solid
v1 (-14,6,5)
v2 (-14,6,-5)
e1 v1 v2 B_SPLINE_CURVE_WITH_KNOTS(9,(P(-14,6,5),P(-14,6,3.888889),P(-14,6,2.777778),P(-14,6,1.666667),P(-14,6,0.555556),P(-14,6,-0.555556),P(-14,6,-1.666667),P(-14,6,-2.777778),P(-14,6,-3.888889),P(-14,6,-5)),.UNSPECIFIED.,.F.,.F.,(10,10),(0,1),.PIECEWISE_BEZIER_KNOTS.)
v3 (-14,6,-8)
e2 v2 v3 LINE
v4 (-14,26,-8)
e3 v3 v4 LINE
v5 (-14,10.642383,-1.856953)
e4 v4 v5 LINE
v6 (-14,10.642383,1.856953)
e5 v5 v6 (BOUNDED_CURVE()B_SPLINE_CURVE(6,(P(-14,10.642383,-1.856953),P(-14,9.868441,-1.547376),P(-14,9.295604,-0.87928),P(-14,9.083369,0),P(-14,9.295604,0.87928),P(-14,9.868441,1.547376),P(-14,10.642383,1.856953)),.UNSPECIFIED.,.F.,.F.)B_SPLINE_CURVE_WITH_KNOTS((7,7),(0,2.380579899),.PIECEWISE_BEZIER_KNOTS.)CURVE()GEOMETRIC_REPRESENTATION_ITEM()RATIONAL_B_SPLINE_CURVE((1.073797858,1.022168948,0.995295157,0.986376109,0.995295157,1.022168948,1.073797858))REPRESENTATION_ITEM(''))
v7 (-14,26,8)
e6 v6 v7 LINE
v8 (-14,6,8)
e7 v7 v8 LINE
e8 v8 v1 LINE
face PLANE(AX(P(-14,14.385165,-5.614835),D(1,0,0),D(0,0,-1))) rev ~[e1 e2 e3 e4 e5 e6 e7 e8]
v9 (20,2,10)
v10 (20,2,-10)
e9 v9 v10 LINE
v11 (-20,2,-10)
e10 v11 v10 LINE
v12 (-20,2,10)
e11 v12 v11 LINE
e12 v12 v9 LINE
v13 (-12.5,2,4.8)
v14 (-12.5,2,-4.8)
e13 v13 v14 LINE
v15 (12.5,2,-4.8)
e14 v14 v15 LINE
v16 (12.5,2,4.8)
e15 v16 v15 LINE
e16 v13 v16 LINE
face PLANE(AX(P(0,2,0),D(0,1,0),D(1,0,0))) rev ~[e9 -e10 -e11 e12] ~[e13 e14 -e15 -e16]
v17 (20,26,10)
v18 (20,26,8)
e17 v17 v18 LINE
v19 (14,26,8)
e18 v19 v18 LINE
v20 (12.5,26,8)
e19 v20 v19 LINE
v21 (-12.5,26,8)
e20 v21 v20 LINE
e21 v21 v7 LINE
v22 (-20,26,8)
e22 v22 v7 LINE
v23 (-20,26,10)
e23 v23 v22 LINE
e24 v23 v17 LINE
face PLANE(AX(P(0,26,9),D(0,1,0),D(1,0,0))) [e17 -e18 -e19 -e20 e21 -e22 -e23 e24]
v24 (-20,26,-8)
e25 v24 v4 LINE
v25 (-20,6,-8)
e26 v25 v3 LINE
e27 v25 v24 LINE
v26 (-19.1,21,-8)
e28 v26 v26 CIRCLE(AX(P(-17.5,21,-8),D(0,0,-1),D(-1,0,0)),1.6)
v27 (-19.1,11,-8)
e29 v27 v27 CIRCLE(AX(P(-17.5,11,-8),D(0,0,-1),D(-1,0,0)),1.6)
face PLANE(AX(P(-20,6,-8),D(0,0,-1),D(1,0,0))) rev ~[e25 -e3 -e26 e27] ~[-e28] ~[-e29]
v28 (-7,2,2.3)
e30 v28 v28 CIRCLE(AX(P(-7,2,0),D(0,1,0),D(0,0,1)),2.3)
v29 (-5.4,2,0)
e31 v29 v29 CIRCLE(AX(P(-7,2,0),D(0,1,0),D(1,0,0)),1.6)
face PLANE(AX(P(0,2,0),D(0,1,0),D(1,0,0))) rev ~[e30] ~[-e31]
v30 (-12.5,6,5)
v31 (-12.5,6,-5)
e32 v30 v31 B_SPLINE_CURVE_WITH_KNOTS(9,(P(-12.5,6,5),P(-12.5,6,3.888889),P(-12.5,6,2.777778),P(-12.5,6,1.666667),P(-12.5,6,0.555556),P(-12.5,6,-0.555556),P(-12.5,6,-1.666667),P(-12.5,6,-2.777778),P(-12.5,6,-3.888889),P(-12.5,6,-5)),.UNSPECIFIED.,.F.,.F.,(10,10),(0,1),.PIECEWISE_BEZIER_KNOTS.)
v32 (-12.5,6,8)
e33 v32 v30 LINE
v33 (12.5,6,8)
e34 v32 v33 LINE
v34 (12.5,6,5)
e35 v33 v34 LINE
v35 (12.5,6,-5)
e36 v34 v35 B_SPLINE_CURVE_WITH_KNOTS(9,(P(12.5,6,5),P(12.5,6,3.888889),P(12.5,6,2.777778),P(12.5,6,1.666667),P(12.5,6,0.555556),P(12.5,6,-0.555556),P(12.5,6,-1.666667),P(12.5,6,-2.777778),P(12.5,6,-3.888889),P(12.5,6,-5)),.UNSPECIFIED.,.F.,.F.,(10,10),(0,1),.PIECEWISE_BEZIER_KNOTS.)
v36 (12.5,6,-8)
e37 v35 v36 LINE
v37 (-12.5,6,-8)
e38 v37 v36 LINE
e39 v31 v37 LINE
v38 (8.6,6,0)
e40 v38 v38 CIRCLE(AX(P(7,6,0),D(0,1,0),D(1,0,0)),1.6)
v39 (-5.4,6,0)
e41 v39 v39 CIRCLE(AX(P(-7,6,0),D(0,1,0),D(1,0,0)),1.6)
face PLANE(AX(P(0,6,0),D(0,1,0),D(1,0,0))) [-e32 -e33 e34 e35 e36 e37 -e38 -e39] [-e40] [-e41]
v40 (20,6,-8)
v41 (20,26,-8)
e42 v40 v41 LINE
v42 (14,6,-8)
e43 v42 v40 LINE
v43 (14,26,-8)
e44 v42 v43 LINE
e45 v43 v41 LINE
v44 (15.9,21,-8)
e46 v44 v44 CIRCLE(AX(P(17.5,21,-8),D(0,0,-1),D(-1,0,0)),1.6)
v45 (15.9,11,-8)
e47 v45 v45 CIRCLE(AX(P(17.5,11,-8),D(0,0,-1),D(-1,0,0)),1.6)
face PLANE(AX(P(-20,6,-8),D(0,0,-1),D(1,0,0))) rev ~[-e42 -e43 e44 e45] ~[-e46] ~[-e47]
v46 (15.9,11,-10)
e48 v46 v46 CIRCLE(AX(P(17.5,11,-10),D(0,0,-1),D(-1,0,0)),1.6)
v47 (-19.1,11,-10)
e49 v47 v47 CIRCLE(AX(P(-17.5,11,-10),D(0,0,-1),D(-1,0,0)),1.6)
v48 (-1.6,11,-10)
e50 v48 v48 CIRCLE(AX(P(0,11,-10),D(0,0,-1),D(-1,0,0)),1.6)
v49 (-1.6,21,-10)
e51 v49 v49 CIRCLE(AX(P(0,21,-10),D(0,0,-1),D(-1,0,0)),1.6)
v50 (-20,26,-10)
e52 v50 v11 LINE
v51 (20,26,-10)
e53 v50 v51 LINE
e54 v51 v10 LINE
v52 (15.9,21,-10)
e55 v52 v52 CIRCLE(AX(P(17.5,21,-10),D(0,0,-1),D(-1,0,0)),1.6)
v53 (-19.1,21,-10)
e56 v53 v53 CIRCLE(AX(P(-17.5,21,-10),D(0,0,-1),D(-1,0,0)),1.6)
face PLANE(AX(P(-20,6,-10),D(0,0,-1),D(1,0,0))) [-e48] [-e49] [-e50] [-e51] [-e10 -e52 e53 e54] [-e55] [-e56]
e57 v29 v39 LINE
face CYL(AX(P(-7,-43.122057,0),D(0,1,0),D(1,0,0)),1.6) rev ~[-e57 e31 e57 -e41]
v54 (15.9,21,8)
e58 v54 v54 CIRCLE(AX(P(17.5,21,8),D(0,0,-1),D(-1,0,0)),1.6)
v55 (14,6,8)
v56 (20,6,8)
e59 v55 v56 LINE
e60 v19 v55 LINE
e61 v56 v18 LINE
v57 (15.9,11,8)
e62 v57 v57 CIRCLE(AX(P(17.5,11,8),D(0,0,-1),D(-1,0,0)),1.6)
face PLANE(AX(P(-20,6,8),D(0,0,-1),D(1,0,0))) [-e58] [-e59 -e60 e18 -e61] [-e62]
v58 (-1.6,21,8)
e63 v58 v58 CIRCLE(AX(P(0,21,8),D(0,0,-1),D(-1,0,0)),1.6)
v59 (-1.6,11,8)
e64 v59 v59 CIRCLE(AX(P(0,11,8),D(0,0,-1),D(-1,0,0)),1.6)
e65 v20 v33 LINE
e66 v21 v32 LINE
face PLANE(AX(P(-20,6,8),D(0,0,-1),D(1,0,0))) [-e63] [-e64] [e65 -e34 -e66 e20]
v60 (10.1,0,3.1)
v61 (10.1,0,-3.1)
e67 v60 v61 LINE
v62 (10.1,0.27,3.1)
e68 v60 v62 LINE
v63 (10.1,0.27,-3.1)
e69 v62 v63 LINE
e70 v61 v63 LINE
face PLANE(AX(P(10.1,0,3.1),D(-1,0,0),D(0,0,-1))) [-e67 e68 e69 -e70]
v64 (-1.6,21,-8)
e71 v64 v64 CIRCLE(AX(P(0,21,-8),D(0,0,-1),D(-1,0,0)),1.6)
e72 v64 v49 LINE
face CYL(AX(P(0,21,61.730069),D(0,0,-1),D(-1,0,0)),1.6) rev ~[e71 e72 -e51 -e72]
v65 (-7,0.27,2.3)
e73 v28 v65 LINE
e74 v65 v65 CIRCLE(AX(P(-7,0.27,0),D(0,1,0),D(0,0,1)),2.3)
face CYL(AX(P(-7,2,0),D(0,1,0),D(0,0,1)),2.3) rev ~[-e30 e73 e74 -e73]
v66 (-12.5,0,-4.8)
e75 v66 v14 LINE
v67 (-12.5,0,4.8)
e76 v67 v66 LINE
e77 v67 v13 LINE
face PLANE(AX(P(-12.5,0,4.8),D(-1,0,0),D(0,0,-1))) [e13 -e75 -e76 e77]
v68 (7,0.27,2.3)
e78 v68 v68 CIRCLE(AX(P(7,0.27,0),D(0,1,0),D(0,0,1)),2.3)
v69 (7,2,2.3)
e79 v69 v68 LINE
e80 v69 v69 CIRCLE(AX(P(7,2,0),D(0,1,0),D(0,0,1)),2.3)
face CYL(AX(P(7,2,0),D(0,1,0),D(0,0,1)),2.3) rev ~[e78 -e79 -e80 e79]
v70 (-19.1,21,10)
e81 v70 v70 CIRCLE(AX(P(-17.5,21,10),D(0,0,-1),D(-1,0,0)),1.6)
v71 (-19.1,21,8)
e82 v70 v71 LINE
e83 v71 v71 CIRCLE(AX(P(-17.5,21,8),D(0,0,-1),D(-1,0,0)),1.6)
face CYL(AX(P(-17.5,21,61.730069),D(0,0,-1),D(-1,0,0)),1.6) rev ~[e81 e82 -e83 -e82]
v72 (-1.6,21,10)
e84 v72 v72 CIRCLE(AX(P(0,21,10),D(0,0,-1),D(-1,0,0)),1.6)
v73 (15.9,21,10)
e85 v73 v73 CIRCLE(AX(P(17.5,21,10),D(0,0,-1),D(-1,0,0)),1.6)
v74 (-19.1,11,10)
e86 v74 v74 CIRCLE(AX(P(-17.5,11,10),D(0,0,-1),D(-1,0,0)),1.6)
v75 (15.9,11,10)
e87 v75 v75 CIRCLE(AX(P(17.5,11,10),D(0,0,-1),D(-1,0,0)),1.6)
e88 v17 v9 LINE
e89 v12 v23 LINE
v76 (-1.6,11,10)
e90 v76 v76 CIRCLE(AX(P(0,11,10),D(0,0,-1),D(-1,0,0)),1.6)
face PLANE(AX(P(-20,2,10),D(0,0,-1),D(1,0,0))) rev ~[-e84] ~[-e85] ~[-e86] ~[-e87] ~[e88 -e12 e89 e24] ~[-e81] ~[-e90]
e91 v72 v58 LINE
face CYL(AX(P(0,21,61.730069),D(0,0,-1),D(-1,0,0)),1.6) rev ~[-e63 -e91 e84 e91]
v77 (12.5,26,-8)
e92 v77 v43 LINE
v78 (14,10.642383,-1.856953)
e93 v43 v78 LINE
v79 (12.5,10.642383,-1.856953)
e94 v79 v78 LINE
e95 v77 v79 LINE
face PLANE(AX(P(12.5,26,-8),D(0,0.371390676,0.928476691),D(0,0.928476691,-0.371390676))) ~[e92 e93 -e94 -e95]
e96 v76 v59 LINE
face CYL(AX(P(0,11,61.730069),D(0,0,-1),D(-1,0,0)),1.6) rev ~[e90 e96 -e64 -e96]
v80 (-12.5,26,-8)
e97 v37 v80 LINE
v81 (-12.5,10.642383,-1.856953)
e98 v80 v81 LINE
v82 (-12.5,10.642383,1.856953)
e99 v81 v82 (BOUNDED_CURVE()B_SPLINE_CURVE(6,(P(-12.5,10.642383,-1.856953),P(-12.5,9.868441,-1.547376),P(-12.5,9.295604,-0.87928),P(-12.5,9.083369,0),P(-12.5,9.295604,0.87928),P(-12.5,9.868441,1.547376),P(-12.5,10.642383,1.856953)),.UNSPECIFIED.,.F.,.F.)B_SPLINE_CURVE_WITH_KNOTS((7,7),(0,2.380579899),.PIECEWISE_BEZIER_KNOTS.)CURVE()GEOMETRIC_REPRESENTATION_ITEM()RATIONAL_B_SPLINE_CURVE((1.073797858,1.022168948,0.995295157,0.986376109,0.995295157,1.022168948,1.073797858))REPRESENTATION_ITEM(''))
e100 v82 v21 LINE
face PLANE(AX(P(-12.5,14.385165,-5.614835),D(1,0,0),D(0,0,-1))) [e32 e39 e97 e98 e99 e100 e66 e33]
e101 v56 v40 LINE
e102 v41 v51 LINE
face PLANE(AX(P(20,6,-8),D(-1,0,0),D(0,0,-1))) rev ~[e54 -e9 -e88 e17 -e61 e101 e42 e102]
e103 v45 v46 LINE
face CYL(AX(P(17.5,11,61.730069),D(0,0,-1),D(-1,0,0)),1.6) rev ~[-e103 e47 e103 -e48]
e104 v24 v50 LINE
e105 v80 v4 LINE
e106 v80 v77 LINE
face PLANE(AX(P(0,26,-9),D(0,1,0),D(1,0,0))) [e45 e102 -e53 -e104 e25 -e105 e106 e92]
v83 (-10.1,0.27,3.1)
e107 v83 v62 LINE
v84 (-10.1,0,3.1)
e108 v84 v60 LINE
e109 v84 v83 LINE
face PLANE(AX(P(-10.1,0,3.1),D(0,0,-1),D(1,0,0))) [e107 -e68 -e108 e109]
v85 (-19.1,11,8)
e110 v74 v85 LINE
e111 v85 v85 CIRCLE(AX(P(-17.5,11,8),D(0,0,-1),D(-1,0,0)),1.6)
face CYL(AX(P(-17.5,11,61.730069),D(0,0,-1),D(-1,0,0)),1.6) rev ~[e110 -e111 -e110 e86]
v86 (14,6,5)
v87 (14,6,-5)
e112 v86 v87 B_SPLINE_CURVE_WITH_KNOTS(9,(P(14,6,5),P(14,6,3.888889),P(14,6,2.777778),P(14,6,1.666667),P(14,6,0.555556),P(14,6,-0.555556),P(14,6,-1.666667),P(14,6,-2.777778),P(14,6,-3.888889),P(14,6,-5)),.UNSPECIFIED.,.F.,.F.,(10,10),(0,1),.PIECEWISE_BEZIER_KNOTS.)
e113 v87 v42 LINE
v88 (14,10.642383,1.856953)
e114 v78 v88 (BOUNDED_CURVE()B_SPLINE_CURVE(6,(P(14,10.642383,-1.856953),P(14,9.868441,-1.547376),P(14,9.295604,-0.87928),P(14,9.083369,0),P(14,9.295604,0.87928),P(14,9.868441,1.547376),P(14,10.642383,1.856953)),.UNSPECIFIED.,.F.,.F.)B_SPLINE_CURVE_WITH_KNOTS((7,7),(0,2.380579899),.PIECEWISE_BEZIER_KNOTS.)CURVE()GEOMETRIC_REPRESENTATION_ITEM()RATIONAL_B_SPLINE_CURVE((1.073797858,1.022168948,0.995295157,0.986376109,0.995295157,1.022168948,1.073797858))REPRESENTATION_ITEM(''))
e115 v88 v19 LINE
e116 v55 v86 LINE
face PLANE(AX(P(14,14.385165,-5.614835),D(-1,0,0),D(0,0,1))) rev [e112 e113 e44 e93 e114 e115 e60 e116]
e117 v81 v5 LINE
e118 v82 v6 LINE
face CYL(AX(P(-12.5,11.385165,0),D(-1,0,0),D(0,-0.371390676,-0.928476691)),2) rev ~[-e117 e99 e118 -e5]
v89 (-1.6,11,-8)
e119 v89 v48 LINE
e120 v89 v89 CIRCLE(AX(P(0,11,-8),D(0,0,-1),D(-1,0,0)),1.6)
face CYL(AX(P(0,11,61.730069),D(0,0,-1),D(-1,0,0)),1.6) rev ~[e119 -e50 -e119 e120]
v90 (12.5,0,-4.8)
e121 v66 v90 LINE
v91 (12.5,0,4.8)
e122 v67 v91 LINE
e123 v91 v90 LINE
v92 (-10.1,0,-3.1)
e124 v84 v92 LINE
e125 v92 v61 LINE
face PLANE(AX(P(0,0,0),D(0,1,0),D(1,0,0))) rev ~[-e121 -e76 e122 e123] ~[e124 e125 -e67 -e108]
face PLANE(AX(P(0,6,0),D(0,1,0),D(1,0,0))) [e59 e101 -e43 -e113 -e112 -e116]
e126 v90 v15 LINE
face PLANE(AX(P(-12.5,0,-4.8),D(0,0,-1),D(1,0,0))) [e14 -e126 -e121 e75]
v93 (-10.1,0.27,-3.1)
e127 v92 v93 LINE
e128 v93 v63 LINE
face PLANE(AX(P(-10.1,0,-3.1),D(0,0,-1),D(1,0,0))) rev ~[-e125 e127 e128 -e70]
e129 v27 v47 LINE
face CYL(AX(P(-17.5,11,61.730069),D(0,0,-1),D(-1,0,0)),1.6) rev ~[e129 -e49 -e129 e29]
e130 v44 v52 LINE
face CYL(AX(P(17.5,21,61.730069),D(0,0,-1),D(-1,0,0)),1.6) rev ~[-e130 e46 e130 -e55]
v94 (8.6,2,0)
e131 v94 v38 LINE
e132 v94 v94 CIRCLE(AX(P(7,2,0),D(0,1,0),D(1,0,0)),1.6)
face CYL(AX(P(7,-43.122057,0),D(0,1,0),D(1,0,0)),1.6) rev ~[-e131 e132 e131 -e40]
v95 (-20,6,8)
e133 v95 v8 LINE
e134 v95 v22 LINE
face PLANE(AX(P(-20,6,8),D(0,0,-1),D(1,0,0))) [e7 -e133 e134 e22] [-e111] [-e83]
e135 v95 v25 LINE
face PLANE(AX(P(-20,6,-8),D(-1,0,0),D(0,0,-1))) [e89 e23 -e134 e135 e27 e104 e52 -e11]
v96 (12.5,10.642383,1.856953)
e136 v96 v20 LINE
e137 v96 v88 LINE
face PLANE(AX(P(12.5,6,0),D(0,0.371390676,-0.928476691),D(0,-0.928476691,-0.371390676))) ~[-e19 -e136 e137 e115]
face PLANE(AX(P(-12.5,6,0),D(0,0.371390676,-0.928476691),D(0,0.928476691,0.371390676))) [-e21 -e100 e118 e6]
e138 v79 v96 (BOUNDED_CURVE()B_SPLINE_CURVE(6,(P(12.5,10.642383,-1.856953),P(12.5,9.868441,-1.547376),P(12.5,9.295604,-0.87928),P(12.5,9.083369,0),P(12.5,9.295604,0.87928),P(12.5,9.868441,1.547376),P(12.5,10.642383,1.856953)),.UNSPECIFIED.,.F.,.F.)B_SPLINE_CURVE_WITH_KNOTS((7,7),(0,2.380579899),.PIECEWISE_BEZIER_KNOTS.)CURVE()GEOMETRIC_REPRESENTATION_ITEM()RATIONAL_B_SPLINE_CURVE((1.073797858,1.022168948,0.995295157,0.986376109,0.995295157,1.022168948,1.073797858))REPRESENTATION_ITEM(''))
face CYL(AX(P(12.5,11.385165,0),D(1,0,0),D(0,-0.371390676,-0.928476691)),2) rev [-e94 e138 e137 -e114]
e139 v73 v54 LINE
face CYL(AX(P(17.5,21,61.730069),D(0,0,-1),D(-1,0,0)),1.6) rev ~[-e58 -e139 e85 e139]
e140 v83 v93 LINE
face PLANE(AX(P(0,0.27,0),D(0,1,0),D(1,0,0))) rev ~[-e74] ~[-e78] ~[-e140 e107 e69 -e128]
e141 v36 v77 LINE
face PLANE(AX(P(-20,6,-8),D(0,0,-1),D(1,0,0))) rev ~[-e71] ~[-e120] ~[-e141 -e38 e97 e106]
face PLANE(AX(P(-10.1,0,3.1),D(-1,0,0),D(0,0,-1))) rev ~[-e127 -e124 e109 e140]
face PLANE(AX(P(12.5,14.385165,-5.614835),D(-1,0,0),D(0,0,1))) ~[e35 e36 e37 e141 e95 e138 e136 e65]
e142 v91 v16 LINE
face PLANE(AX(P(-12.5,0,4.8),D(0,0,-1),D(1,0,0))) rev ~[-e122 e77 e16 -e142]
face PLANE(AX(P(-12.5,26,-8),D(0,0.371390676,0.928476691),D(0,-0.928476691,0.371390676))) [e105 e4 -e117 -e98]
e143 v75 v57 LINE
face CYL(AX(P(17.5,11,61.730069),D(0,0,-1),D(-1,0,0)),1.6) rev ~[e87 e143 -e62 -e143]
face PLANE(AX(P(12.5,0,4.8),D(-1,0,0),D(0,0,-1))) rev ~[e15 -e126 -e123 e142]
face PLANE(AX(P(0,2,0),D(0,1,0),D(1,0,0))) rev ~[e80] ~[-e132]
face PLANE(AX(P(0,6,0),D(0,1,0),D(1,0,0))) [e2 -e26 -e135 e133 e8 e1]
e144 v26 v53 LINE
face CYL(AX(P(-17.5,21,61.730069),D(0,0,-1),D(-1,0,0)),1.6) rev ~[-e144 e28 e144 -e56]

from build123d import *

# Parameters (mm, degrees)
SKETCH1_W            = 25
SKETCH1_H            = 9.6
BOSS_EXTRUDE1_DEPTH  = 2
SKETCH3_R            = 2.3
CUT_EXTRUDE1_DEPTH   = 14.538463724
SKETCH4_W            = 20.2
SKETCH4_H            = 6.2
CUT_EXTRUDE2_DEPTH   = 0.27
SKETCH5_W            = 40
SKETCH5_H            = 20
BOSS_EXTRUDE2_DEPTH  = 4
M3_CLEARANCE_HOLE1_D = 3.2
SKETCH9_W            = 40
SKETCH9_H            = 2
BOSS_EXTRUDE4_DEPTH  = 20
BOSS_EXTRUDE5_DEPTH  = 1.5
FILLET1_R            = 2
FILLET1_OF_MIRROR1_R = 2
M3_CLEARANCE_HOLE2_D = 3.2


with BuildPart() as part:
    # Sketch1 → Boss-Extrude1 (new body)
    with BuildSketch(Plane(origin=(0, 0, 0), x_dir=(1, 0, 0), z_dir=(0, 1, 0))):
        Rectangle(SKETCH1_W, SKETCH1_H)
    extrude(amount=BOSS_EXTRUDE1_DEPTH)

    # Sketch3 → Cut-Extrude1 (cut, through all)
    with BuildSketch(Plane(origin=(0, 2, 0), x_dir=(1, 0, 0), z_dir=(0, 1, 0))):
        with Locations(Location((-7, 0, 0), (0, 0, 270))):
            Circle(SKETCH3_R)
        with Locations(Location((7, 0, 0), (0, 0, 270))):
            Circle(SKETCH3_R)
    extrude(amount=-CUT_EXTRUDE1_DEPTH, mode=Mode.SUBTRACT)

    # Sketch4 → Cut-Extrude2 (cut)
    with BuildSketch(Plane(origin=(0, 0, 0), x_dir=(1, 0, 0), z_dir=(0, 1, 0))):
        Rectangle(SKETCH4_W, SKETCH4_H)
    extrude(amount=CUT_EXTRUDE2_DEPTH, mode=Mode.SUBTRACT)

    # Sketch5 → Boss-Extrude2 (add)
    with BuildSketch(Plane(origin=(0, 2, 0), x_dir=(1, 0, 0), z_dir=(0, 1, 0))):
        Rectangle(SKETCH5_W, SKETCH5_H)
    extrude(amount=BOSS_EXTRUDE2_DEPTH)

    # M3 Clearance Hole1 (through all)
    with Locations(Plane(origin=(0, 2, 0), x_dir=(-1, 0, 0), z_dir=(0, -1, 0))):
        with Locations((-7, 0), (7, 0)):
            Hole(M3_CLEARANCE_HOLE1_D / 2)

    # Sketch9 → Boss-Extrude4 (add)
    with BuildSketch(Plane(origin=(0, 6, 0), x_dir=(1, 0, 0), z_dir=(0, 1, 0))):
        with Locations((0, 9)):
            Rectangle(SKETCH9_W, SKETCH9_H)
        with Locations((0, -9)):
            Rectangle(SKETCH9_W, SKETCH9_H)
    extrude(amount=BOSS_EXTRUDE4_DEPTH)

    # Sketch10 → Boss-Extrude5 (add)
    with BuildSketch(Plane.ZY.offset(12.5)):
        Polygon((-8, 6), (-8, 26), (0, 6), align=None)
        Polygon((8, 6), (0, 6), (8, 26), align=None)
    boss_extrude5 = extrude(amount=BOSS_EXTRUDE5_DEPTH)

    # Fillet1
    fillet1_edges = [part.edges().sort_by_distance(p)[0] for p in [
        (-13.25, 6, 0),
    ]]
    fillet(fillet1_edges, radius=FILLET1_R)

    # Mirror1: Boss-Extrude5 across plane
    add(boss_extrude5.mirror(Plane.ZY))

    # Fillet1 of Mirror1
    fillet1_of_mirror1_edges = [part.edges().sort_by_distance(p)[0] for p in [
        (13.25, 6, 0),
    ]]
    fillet(fillet1_of_mirror1_edges, radius=FILLET1_OF_MIRROR1_R)

    # M3 Clearance Hole2 (through all)
    with Locations(Plane.XY.offset(10)):
        with Locations((-17.5, 21), (17.5, 21), (17.5, 11), (-17.5, 11), (0, 21), (0, 11)):
            Hole(M3_CLEARANCE_HOLE2_D / 2)


solid = part.part
